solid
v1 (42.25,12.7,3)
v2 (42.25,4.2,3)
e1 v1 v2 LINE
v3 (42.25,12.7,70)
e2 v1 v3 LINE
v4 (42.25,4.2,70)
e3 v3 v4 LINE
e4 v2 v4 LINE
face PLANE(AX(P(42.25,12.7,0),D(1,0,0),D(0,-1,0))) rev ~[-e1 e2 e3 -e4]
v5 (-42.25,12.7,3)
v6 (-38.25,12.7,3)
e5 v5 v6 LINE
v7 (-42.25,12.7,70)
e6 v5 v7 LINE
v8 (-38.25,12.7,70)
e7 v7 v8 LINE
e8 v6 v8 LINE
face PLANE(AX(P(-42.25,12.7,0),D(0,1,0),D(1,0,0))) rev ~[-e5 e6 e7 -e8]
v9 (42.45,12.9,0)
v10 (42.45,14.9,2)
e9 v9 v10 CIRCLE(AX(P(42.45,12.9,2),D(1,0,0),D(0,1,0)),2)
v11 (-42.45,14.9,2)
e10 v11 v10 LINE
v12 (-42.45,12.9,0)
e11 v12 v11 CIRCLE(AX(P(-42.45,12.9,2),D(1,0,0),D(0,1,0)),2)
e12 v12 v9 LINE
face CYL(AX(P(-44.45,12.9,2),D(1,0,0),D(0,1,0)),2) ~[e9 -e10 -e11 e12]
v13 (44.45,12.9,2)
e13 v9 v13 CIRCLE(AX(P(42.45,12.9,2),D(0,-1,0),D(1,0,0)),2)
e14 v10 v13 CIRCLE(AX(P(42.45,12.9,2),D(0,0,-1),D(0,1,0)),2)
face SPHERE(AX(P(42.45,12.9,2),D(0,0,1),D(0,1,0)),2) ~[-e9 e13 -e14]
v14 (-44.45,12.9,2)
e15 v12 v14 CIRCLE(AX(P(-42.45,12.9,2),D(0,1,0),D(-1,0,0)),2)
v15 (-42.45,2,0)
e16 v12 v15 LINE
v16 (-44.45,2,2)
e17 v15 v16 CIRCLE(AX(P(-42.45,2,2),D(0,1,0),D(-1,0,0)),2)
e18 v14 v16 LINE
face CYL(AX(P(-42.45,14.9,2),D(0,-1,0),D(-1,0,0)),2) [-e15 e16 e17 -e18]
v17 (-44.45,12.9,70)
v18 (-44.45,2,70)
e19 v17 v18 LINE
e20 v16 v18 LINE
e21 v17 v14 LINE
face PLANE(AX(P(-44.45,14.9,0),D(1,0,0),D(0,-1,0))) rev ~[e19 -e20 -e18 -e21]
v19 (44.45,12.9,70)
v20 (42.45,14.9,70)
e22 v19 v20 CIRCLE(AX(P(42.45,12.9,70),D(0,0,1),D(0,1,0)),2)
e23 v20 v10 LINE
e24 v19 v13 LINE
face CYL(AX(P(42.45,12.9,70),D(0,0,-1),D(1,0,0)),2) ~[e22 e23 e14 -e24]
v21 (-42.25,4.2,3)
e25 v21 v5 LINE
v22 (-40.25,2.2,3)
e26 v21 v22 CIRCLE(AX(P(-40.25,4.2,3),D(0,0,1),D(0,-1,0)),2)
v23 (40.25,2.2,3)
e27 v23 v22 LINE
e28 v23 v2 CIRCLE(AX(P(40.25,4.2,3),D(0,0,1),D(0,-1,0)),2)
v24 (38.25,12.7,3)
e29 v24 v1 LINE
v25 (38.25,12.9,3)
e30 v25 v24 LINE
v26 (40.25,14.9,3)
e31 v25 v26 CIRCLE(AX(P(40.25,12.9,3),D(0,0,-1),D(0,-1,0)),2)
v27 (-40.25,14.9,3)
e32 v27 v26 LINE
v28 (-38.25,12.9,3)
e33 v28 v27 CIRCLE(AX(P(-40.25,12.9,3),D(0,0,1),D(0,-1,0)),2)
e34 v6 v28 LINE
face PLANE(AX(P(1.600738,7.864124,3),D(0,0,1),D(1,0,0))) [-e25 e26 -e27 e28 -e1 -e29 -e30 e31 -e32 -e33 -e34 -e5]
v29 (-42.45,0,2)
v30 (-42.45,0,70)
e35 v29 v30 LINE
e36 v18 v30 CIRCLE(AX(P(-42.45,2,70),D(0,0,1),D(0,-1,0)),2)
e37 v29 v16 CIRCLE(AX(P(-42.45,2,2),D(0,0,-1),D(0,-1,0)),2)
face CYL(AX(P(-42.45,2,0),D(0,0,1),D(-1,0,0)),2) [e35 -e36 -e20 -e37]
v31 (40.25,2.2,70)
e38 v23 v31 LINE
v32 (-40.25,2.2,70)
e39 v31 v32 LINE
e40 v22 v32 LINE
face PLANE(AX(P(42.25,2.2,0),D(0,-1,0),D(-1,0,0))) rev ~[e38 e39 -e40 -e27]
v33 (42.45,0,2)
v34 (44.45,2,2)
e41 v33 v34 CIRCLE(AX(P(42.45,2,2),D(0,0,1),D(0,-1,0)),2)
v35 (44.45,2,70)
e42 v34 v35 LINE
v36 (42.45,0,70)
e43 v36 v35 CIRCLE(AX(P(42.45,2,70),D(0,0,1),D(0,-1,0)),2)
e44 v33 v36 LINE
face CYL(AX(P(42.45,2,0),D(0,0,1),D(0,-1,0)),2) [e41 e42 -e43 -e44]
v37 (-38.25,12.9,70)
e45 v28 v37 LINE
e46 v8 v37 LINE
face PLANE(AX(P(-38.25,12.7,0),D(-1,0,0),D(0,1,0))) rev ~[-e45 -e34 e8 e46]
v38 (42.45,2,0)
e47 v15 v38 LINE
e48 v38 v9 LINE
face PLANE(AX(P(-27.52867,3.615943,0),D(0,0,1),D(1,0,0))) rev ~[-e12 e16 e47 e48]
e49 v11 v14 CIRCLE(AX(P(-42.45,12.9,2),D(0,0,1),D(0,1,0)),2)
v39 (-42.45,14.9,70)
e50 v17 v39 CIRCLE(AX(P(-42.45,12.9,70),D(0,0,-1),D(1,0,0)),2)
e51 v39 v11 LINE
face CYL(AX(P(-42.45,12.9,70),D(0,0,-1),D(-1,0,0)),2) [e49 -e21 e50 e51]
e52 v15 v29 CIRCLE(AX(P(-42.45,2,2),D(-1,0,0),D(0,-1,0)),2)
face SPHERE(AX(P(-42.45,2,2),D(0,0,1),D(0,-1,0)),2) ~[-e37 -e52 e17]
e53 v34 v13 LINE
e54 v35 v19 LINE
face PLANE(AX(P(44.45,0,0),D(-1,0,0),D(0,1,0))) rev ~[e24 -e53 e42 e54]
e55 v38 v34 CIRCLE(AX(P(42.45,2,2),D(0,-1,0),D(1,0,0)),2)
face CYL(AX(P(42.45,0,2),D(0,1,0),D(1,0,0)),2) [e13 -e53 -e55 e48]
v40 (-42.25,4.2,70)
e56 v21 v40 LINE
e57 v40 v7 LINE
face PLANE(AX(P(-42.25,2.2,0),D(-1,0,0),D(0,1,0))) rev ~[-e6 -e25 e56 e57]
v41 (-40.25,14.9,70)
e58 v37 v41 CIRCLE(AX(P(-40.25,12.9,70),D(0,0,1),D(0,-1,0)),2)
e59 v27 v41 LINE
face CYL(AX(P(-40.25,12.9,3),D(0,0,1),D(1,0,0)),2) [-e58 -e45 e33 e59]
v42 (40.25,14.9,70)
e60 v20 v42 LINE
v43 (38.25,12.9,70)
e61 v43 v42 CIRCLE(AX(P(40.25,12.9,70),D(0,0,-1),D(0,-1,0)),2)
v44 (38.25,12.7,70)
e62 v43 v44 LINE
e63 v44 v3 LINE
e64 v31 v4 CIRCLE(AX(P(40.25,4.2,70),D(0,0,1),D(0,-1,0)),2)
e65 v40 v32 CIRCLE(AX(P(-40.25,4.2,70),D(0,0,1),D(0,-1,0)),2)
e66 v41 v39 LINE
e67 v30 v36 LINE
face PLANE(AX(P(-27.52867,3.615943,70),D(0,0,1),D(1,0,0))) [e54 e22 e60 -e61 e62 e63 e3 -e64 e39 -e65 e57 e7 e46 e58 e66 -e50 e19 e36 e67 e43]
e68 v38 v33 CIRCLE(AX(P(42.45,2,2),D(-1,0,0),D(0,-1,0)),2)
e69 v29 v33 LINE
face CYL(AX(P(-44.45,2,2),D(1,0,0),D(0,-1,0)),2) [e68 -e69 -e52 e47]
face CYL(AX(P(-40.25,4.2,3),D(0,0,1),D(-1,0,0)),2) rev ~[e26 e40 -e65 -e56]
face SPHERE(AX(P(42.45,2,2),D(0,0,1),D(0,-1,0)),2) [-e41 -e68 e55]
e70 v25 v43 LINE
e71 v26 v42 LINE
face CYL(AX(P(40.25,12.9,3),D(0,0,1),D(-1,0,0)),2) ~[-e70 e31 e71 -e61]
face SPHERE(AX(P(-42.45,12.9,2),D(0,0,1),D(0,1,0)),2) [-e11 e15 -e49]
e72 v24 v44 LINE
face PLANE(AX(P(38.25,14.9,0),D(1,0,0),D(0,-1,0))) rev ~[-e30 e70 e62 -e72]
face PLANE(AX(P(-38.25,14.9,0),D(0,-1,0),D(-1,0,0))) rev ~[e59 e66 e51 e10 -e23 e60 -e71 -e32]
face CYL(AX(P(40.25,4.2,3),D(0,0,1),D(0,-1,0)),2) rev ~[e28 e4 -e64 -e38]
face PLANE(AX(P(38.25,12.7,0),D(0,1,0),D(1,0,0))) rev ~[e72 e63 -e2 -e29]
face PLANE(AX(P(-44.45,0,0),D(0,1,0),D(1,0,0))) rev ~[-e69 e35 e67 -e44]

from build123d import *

# Parameters (mm, degrees)
F1_DEPTH = 70
F3_DEPTH = 3
F4_R     = 2


with BuildPart() as f1:
    # F0 (on Top) → F1 (new body)
    with BuildSketch(Plane.XY):
        Polygon((-44.45, 0), (0, 0), (0, 2.2), (-42.25, 2.2), (-42.25, 12.7), (-38.25, 12.7), (-38.25, 14.9), (-44.45, 14.9), align=None)
        Polygon((0, 2.2), (0, 0), (44.45, 0), (44.45, 14.6), (44.45, 14.9), (38.25, 14.9), (38.25, 12.7), (42.25, 12.7), (42.25, 2.2), align=None)
    extrude(amount=F1_DEPTH)

    # F2 (on face) → F3 (join)
    with BuildSketch(Plane.XY):
        Polygon((0, 0), (44.45, 0), (44.45, 14.9), (-38.25, 14.9), (-38.25, 12.7), (-42.25, 12.7), (-42.25, 2.2), (0, 2.2), align=None)
        Polygon((-44.45, 0), (0, 0), (0, 2.2), (-42.25, 2.2), (-42.25, 12.7), (-38.25, 12.7), (-38.25, 14.9), (-44.45, 14.9), align=None)
    extrude(amount=F3_DEPTH)

    # F4
    f4_edges = [f1.edges().sort_by_distance(p)[0] for p in [
        (44.45, 0, 35),
        (44.45, 14.9, 35),
        (38.25, 14.9, 36.5),
        (42.25, 2.2, 36.5),
        (-38.25, 14.9, 36.5),
        (-42.25, 2.2, 36.5),
        (-44.45, 14.9, 35),
        (-44.45, 0, 35),
        (0, 0, 0),
        (0, 14.9, 0),
        (-44.45, 7.45, 0),
        (44.45, 7.45, 0),
    ]]
    fillet(f4_edges, radius=F4_R)


solid = f1.part
